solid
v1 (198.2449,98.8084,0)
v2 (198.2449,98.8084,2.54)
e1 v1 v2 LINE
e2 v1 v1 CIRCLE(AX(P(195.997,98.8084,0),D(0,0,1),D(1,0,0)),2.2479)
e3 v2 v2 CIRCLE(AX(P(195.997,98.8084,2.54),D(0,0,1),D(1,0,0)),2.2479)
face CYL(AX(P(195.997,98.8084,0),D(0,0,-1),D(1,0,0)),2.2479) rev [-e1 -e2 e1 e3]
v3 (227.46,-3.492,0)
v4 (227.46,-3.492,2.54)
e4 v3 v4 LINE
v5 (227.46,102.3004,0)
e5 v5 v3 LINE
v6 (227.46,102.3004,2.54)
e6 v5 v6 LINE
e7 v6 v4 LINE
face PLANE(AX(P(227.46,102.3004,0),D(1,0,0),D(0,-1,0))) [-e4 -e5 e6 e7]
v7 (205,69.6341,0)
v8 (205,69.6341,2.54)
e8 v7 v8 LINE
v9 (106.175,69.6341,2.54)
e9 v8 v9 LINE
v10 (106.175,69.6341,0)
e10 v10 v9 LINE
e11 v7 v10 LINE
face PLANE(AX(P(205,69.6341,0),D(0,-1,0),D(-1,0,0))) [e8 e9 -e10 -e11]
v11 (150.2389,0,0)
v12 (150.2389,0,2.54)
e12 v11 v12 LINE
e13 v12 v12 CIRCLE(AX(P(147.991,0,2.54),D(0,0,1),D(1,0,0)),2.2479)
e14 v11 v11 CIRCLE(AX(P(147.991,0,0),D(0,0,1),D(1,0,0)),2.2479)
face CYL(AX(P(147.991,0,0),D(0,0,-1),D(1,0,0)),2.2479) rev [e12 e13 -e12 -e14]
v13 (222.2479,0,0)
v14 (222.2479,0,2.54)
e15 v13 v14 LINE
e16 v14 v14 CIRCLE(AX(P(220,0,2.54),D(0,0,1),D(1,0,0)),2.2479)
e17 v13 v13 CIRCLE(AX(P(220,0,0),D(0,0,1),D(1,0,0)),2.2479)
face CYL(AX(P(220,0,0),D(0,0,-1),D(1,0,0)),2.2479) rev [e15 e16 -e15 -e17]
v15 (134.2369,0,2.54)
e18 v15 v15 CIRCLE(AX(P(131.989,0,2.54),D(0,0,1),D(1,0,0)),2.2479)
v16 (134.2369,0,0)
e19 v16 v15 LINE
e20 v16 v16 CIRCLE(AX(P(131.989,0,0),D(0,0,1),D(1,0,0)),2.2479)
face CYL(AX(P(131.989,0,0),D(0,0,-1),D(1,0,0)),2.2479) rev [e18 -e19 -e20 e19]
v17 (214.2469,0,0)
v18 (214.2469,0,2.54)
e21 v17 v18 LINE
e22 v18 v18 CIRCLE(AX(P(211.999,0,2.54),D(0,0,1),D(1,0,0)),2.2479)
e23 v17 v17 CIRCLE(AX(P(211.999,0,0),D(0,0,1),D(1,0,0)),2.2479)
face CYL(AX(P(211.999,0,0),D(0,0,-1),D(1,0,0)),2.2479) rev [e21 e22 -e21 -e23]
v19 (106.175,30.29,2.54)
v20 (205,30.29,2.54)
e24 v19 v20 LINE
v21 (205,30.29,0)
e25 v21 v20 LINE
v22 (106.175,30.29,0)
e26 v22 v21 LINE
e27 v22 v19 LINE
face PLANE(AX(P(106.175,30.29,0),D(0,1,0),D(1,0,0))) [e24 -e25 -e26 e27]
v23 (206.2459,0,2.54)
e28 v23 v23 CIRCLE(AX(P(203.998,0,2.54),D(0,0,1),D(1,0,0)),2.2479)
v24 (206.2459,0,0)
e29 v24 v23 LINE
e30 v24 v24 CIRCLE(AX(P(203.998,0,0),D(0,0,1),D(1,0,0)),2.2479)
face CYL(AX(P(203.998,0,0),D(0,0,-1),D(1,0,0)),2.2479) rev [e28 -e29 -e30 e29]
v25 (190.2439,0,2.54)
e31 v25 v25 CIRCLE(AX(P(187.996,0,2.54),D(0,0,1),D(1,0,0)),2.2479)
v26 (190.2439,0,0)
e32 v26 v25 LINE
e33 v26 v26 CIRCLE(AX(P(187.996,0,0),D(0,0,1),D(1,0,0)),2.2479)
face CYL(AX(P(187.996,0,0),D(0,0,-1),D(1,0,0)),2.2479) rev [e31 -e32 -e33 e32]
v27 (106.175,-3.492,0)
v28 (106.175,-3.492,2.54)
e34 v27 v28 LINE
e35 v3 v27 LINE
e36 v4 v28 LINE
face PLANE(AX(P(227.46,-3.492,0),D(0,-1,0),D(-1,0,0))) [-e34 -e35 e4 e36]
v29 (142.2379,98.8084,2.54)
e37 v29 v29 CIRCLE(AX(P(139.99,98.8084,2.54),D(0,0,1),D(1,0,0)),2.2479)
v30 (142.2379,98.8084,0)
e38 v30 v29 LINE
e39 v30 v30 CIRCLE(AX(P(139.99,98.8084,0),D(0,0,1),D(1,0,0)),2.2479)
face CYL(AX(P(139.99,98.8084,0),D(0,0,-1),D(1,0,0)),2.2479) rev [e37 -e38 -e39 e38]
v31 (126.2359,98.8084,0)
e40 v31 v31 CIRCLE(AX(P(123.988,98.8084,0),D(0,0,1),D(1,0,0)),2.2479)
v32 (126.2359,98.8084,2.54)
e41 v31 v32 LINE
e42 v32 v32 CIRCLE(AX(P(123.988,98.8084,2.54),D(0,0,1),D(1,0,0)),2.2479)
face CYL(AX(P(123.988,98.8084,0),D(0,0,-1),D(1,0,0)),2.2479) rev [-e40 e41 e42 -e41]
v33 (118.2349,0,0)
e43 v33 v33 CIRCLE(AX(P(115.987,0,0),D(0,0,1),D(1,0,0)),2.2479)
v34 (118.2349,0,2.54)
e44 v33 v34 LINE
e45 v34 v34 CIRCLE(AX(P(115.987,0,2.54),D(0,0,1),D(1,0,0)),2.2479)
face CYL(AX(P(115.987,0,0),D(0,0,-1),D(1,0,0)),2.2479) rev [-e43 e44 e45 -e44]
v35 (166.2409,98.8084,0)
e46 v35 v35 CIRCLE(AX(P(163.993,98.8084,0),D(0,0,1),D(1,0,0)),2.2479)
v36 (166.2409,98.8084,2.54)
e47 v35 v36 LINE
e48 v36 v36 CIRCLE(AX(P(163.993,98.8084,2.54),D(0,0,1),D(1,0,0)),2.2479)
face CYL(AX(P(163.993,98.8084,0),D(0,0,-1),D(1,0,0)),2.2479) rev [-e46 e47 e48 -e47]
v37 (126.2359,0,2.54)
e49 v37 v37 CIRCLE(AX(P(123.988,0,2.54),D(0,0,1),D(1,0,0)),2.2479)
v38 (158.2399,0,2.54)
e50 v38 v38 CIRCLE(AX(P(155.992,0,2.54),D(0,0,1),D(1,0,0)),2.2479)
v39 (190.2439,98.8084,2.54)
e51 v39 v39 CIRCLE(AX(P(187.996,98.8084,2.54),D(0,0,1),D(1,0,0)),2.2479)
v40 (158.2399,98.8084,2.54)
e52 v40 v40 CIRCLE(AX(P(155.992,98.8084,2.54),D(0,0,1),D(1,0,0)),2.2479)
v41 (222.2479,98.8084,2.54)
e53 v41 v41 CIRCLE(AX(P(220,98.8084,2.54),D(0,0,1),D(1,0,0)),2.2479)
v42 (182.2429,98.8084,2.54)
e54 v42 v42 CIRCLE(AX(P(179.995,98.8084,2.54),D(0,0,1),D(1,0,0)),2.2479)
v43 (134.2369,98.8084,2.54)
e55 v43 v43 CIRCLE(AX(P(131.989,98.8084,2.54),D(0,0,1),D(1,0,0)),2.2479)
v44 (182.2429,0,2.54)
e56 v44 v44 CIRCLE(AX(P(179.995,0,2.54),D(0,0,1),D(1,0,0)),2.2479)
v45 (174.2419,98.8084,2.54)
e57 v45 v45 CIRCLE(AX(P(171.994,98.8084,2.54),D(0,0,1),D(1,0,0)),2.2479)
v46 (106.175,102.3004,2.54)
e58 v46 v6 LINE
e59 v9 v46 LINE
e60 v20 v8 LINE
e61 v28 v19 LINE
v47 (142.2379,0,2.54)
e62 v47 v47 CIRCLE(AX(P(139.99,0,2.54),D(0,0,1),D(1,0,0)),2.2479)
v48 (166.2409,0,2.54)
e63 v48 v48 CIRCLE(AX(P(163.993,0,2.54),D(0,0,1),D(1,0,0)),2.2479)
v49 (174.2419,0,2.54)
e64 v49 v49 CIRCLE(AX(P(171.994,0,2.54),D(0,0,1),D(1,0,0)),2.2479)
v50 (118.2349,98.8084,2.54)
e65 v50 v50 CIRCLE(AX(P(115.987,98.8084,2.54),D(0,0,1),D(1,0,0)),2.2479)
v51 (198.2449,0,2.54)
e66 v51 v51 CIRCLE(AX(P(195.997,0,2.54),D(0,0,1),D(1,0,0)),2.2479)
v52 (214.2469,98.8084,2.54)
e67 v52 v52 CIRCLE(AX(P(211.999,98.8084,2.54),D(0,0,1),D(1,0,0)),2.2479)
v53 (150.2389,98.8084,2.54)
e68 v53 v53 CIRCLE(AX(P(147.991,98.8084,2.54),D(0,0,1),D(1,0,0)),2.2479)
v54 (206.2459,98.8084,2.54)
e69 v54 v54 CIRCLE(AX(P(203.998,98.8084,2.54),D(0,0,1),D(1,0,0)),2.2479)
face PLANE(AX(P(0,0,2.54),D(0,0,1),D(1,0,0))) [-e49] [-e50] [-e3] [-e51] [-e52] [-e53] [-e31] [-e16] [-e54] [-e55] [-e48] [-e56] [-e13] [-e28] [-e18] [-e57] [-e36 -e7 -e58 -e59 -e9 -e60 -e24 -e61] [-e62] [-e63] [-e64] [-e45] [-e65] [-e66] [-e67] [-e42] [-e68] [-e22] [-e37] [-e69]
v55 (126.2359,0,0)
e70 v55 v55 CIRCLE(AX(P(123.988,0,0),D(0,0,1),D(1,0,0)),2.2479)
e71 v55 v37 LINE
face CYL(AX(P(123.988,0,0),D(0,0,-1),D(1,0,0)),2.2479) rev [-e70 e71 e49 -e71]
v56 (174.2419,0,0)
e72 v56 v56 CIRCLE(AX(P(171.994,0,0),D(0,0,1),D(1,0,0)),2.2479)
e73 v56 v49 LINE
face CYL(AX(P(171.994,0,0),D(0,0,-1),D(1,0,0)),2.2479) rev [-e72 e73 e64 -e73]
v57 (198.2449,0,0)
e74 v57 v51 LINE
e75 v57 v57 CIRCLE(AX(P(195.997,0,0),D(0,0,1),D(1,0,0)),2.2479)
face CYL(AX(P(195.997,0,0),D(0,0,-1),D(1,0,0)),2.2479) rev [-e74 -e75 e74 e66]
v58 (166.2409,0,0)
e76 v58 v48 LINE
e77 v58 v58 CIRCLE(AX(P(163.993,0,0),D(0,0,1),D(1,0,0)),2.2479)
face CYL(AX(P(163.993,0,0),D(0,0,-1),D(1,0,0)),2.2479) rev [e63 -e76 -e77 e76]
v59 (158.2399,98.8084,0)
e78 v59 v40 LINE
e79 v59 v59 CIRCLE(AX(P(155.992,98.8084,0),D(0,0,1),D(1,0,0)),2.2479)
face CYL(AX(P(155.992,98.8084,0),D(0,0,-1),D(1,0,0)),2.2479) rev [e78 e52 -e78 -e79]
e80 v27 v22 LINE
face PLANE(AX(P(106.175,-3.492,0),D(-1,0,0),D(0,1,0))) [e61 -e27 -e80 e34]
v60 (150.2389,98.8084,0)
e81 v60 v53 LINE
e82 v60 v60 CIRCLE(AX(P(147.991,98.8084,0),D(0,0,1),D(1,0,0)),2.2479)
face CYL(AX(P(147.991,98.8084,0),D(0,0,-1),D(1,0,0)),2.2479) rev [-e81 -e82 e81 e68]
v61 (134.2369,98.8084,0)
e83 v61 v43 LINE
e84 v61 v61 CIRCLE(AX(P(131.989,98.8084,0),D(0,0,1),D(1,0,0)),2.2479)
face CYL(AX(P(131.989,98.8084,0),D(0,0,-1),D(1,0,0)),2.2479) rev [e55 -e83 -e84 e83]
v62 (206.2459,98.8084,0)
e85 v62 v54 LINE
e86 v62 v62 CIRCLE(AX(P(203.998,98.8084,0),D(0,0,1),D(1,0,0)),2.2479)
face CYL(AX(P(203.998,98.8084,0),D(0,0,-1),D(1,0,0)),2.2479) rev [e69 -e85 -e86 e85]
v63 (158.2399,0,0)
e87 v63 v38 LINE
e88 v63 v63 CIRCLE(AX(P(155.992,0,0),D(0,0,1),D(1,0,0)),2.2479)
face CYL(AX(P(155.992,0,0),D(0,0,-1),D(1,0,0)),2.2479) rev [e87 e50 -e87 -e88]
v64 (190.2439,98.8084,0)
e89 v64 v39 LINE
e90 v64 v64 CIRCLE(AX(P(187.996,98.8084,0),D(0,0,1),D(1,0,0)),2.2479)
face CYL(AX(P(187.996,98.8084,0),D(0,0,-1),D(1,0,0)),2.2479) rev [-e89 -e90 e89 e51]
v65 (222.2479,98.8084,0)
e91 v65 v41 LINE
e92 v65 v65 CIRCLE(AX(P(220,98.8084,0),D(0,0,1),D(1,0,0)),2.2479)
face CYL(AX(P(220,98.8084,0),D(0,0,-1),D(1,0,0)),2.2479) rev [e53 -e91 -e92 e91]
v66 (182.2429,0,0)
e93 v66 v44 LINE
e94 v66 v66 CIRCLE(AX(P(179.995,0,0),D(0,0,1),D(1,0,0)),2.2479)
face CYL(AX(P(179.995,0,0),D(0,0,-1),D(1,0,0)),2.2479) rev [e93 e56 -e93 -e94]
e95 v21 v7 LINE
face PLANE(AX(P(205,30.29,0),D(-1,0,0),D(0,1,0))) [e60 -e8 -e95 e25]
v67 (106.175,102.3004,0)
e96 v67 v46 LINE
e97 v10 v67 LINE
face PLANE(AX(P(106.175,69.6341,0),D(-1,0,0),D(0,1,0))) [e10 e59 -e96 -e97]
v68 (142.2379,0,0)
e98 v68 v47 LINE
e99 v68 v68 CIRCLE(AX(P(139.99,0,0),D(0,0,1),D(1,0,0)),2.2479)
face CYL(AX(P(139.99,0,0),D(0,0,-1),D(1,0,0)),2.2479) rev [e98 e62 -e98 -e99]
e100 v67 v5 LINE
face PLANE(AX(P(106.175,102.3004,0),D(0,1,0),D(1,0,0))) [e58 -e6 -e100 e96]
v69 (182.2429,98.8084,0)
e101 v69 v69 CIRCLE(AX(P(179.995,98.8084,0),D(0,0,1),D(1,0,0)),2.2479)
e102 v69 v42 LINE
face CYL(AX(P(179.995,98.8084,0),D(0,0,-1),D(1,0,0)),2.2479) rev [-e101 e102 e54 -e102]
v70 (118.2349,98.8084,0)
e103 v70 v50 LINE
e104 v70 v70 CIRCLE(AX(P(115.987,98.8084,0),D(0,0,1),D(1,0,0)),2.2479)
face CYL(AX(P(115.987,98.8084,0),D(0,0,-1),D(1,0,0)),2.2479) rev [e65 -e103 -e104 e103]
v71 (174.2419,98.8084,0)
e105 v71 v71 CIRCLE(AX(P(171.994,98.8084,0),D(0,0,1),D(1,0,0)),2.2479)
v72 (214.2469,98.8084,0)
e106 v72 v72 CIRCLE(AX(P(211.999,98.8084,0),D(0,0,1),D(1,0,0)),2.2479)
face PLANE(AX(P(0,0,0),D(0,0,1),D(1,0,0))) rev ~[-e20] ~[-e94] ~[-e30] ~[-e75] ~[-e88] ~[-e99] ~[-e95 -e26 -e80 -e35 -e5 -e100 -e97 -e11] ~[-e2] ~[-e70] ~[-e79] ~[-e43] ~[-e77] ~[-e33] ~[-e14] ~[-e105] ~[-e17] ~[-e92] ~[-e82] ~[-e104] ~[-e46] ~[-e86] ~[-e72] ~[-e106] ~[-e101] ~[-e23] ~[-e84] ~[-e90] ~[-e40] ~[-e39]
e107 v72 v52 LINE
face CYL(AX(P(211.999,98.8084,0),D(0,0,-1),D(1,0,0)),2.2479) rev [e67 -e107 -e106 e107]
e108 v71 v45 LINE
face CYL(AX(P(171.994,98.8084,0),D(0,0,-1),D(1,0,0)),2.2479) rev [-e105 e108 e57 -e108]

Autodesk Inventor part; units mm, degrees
ref_plane "YZ Plane" through (0, 0, 0) normal (1, 0, 0) x (0, 1, 0)
ref_plane "XZ Plane" through (0, 0, 0) normal (0, 1, 0) x (-1, 0, 0)
ref_plane "Work Plane1" through (0, 0, 0) normal (0, 0, 1) x (1, 0, 0)
sketch "Sketch1" plane through (0, 0, 0) normal (0, 0, 1) x (1, 0, 0)
  line L0 (272, -4) -> (-8, -4) construction
  line L1 (230, 0) -> (230, -3.492) construction
  line L2 (272, 102.8084) -> (-8, 102.8084) construction
  line L3 (62, 0) -> (62, -4) construction
  line L4 (78, 0) -> (78, -3.492) construction
  circle A0 centre (220, 0) radius 2 construction
  circle A1 centre (164, 0) radius 2 construction
  circle A2 centre (148, 0) radius 2 construction
  circle A3 centre (140, 0) radius 2 construction
  circle A4 centre (132, 0) radius 2 construction
  circle A5 centre (124, 0) radius 2 construction
  circle A6 centre (116, 0) radius 2 construction
  circle A7 centre (116, 98.8084) radius 2 construction
  circle A8 centre (124, 98.8084) radius 2 construction
  circle A9 centre (132, 98.8084) radius 2 construction
  circle A10 centre (140, 98.8084) radius 2 construction
  circle A11 centre (148, 98.8084) radius 2 construction
  circle A12 centre (156, 98.8084) radius 2 construction
  circle A13 centre (164, 98.8084) radius 2 construction
  circle A14 centre (172, 98.8084) radius 2 construction
  circle A15 centre (180, 98.8084) radius 2 construction
  circle A16 centre (188, 98.8084) radius 2 construction
  circle A17 centre (196, 98.8084) radius 2 construction
  circle A18 centre (204, 98.8084) radius 2 construction
  circle A19 centre (212, 98.8084) radius 2 construction
  circle A20 centre (220, 98.8084) radius 2 construction
  circle A21 centre (212, 0) radius 2 construction
  circle A22 centre (204, 0) radius 2 construction
  circle A23 centre (196, 0) radius 2 construction
  circle A24 centre (188, 0) radius 2 construction
  circle A25 centre (180, 0) radius 2 construction
  circle A26 centre (172, 0) radius 2 construction
  circle A27 centre (156, 0) radius 2 construction
  circle A28 centre (220, 0) radius 2.2479
  circle A29 centre (211.999, 0) radius 2.2479
  circle A30 centre (203.998, 0) radius 2.2479
  circle A31 centre (195.997, 0) radius 2.2479
  circle A32 centre (187.996, 0) radius 2.2479
  circle A33 centre (179.995, 0) radius 2.2479
  circle A34 centre (171.994, 0) radius 2.2479
  circle A35 centre (163.993, 0) radius 2.2479
  circle A36 centre (155.992, 0) radius 2.2479
  circle A37 centre (147.991, 0) radius 2.2479
  circle A38 centre (139.99, 0) radius 2.2479
  circle A39 centre (131.989, 0) radius 2.2479
  circle A40 centre (123.988, 0) radius 2.2479
  circle A41 centre (115.987, 0) radius 2.2479
  circle A42 centre (220, 98.8084) radius 2.2479
  circle A43 centre (211.999, 98.8084) radius 2.2479
  circle A44 centre (203.998, 98.8084) radius 2.2479
  circle A45 centre (195.997, 98.8084) radius 2.2479
  circle A46 centre (187.996, 98.8084) radius 2.2479
  circle A47 centre (179.995, 98.8084) radius 2.2479
  circle A48 centre (171.994, 98.8084) radius 2.2479
  circle A49 centre (163.993, 98.8084) radius 2.2479
  circle A50 centre (155.992, 98.8084) radius 2.2479
  circle A51 centre (147.991, 98.8084) radius 2.2479
  circle A52 centre (139.99, 98.8084) radius 2.2479
  circle A53 centre (131.989, 98.8084) radius 2.2479
  circle A54 centre (123.988, 98.8084) radius 2.2479
  circle A55 centre (115.987, 98.8084) radius 2.2479
  line L5 (106.175, 30.29) -> (106.175, -3.492) construction
  line L6 (227.46, -3.492) -> (227.46, 102.3004) construction
  line L7 (106.175, 102.3004) -> (106.175, 69.6341) construction
  line L8 (205, 69.6341) -> (205, 30.29) construction
  line L9 (205, 69.6341) -> (205, 30.29) construction
  line L10 (106.175, 102.3004) -> (227.46, 102.3004)
  line L11 (227.46, 102.3004) -> (227.46, -3.492)
  line L12 (227.46, -3.492) -> (106.175, -3.492)
  line L13 (106.175, -3.492) -> (106.175, 30.29)
  line L14 (106.175, 30.29) -> (205, 30.29)
  line L15 (205, 30.29) -> (205, 69.6341)
  line L16 (205, 69.6341) -> (106.175, 69.6341)
  line L17 (106.175, 69.6341) -> (106.175, 102.3004)
  point P0 (0, 0)
  point P1 (-8, -4)
  dimension "d0" = 4.4958
  dimension "d3" = 8.001
  dimension "d8" = 4.4958
  dimension "d11" = 8.001
extrude "Extrusion2" add sketch "Sketch1" along normal blind 2.54
properties part number "Flat Roof panel"
